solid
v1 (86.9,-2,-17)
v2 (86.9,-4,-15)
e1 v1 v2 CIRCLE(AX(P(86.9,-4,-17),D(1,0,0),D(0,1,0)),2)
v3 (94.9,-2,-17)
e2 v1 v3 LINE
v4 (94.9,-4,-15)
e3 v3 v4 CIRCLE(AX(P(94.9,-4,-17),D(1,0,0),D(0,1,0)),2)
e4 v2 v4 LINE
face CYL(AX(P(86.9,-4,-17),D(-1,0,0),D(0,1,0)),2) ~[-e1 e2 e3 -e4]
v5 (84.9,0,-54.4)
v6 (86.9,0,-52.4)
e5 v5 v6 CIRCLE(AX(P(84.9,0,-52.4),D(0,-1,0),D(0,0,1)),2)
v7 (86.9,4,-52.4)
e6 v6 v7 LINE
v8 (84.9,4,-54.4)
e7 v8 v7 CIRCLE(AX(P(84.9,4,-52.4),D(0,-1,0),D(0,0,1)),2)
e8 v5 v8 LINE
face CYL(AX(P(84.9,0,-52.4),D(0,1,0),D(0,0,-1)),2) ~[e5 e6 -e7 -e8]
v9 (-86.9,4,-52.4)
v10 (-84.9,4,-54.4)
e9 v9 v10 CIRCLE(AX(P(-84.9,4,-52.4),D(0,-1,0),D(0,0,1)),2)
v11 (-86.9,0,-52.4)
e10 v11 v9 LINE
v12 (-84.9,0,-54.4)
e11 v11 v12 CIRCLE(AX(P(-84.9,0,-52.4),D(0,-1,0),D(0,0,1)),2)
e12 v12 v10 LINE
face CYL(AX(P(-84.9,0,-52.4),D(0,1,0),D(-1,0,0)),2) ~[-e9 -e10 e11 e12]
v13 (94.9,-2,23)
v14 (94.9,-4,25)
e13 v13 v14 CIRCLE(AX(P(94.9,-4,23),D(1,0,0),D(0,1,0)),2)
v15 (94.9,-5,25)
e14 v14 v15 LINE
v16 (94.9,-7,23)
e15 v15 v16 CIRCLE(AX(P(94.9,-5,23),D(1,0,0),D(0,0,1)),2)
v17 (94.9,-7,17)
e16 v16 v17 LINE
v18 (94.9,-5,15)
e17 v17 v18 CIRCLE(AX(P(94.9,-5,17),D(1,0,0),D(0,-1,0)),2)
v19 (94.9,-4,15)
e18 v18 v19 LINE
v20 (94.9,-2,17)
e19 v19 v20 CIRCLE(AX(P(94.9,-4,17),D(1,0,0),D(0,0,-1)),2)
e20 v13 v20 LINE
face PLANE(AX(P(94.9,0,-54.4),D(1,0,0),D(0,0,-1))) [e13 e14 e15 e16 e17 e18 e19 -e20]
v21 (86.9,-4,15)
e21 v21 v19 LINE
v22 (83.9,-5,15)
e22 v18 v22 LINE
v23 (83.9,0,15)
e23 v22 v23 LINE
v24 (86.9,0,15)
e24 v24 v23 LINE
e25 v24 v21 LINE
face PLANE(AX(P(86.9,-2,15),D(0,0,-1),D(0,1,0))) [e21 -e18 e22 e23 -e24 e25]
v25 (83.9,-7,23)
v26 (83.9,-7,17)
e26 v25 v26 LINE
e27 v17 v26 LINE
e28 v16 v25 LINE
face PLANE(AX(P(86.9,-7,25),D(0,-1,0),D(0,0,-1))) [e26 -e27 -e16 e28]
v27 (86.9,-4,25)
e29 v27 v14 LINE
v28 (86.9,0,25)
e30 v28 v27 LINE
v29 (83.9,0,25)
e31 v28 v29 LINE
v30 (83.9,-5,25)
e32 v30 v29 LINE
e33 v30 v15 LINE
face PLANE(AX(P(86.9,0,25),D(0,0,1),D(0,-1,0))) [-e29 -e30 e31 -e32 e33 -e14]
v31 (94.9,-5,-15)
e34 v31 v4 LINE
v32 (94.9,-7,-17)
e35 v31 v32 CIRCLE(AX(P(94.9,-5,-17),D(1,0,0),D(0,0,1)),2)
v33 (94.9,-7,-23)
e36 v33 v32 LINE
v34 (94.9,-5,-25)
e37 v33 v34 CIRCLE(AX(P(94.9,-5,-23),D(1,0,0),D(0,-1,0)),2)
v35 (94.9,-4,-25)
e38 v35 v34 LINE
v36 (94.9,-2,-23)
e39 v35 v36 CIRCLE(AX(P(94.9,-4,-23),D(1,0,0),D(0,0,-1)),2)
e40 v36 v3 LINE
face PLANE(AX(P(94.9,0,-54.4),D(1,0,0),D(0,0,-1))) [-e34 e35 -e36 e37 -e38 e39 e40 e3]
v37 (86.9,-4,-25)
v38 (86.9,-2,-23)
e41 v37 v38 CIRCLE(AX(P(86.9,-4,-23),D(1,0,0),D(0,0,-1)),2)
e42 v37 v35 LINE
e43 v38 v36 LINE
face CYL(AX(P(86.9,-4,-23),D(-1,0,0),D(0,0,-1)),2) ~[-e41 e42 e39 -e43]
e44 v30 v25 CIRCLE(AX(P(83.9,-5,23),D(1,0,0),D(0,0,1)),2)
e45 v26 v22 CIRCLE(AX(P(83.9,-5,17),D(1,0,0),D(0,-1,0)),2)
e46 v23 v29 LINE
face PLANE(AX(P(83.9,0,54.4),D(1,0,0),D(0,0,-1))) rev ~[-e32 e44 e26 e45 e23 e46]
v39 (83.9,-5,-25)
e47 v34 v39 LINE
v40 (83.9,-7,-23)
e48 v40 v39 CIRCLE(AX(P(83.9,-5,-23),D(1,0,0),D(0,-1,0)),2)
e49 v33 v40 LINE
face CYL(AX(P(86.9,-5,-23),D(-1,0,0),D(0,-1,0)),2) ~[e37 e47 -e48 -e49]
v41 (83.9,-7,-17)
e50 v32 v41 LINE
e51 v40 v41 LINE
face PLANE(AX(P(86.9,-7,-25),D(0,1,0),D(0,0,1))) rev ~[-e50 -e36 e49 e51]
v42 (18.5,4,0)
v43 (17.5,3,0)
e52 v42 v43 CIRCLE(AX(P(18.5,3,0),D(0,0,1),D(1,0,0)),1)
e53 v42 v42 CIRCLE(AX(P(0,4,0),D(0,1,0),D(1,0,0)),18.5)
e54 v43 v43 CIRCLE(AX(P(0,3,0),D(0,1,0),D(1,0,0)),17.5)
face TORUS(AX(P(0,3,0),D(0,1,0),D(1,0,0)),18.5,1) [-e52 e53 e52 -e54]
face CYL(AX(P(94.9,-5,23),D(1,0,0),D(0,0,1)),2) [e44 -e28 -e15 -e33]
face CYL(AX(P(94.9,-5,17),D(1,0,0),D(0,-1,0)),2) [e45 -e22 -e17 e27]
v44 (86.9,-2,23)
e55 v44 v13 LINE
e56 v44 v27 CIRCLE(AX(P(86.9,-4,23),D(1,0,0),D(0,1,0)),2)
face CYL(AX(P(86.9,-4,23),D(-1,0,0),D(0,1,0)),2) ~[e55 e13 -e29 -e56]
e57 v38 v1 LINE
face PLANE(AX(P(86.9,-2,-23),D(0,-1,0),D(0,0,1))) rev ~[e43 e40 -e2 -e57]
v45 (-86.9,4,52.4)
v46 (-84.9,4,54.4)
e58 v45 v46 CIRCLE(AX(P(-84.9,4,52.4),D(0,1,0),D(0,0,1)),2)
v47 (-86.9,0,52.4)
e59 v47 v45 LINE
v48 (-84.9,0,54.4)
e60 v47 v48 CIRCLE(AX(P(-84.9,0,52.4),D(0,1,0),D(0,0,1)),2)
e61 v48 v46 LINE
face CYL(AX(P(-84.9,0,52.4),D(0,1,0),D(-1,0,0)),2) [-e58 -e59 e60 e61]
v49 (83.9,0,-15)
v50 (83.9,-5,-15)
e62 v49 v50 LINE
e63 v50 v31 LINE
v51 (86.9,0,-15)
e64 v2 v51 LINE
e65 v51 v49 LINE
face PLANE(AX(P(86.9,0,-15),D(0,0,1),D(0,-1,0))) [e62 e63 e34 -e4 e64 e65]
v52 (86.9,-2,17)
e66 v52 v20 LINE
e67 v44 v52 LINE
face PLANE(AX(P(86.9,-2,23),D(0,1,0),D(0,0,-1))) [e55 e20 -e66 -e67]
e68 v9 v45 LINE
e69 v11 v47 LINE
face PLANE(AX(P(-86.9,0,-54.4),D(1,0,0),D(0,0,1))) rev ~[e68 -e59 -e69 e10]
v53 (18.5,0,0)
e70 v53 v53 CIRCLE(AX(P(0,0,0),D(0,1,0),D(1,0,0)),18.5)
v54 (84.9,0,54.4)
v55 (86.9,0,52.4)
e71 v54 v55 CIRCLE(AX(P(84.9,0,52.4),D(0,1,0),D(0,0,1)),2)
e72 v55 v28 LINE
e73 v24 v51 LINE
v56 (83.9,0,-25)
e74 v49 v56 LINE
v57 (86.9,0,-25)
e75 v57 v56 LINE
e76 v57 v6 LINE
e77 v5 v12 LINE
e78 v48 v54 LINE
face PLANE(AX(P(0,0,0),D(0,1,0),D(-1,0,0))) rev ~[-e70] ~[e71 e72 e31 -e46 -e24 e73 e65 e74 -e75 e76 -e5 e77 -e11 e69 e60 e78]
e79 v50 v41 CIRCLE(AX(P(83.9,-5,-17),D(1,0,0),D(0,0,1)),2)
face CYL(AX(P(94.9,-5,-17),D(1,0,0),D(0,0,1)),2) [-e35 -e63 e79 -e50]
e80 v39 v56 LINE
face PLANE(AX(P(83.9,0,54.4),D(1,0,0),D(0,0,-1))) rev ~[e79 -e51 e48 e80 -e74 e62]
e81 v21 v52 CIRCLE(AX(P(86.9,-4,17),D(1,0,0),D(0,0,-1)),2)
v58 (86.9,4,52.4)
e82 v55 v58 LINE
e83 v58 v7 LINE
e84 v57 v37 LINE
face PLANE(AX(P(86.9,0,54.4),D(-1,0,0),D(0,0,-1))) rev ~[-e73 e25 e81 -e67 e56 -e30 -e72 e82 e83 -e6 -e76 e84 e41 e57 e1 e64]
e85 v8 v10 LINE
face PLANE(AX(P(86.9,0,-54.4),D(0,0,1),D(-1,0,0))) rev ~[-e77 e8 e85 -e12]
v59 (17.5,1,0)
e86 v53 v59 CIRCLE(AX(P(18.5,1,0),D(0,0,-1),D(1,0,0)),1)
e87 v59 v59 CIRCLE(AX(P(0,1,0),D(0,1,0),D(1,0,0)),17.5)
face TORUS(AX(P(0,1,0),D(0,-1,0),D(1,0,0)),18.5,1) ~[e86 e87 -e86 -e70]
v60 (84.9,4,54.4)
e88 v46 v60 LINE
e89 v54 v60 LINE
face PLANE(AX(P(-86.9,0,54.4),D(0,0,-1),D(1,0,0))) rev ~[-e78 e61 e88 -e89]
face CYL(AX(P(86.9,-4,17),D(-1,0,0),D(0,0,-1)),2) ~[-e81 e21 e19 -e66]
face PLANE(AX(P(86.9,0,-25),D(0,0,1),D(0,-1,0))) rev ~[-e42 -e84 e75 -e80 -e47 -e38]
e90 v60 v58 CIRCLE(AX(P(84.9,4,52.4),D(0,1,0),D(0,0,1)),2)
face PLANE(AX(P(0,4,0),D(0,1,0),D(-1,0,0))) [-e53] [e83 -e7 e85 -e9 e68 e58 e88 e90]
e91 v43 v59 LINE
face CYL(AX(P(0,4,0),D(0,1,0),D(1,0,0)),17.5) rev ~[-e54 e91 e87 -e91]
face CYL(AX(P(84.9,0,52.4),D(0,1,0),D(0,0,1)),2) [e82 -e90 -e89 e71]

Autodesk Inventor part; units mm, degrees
ref_plane "YZ Plane" through (0, 0, 0) normal (1, 0, 0) x (0, 1, 0)
ref_plane "XZ Plane" through (0, 0, 0) normal (0, 1, 0) x (-1, 0, 0)
ref_plane "XY Plane" through (0, 0, 0) normal (0, 0, 1) x (1, 0, 0)
sketch "Sketch1" plane through (0, 0, 0) normal (0, 1, 0) x (-1, 0, 0)
  line L0 (86.9, 54.4) -> (-86.9, 54.4)
  line L1 (-86.9, 54.4) -> (-86.9, -54.4)
  line L2 (-86.9, -54.4) -> (86.9, -54.4)
  line L3 (86.9, -54.4) -> (86.9, 54.4)
  line L4 (86.9, 54.4) -> (-86.9, -54.4) construction
  line L5 (-86.9, 54.4) -> (86.9, -54.4) construction
  point P0 (0, 0)
  dimension "d0" = 108.8
  dimension "d1" = 173.8
extrude "Extrusion1" add sketch "Sketch1" along normal blind 4
sketch "Sketch2" plane through (86.9, 0, 54.4) normal (1, 0, 0) x (0, 0, -1)
  line L0 (39.4, 6.5316) -> (69.4, 6.5316)
  line L1 (69.4, 6.5316) -> (69.4, -6.5316)
  line L2 (69.4, -6.5316) -> (39.4, -6.5316)
  line L3 (39.4, -6.5316) -> (39.4, 6.5316)
  line L4 (39.4, 6.5316) -> (69.4, -6.5316) construction
  line L5 (69.4, 6.5316) -> (39.4, -6.5316) construction
  line L6 (69.4, 0) -> (79.4, 0)
  line L7 (79.4, 0) -> (79.4, -2)
  line L8 (79.4, -2) -> (69.4, -2)
  line L9 (69.4, -2) -> (69.4, 0)
  line L10 (39.4, 0) -> (29.4, 0)
  line L11 (29.4, 0) -> (29.4, -2)
  line L12 (29.4, -2) -> (39.4, -2)
  line L13 (39.4, -2) -> (39.4, 0)
  line L14 (69.4, -2) -> (79.4, -2)
  line L15 (79.4, -2) -> (79.4, -7)
  line L16 (79.4, -7) -> (69.4, -7)
  line L17 (69.4, -7) -> (69.4, -2)
  line L18 (39.4, -2) -> (29.4, -2)
  line L19 (29.4, -2) -> (29.4, -7)
  line L20 (29.4, -7) -> (39.4, -7)
  line L21 (39.4, -7) -> (39.4, -2)
  point P0 (54.4, 0)
  point P1 (69.4, -6.5316)
  dimension "d4" = 30
  dimension "d5" = 2
  dimension "d6" = 2
  dimension "d7" = 5
  dimension "d8" = 10
  dimension "d9" = 5
  dimension "d10" = 10
  dimension "d11" = 10
  dimension "d12" = 10
extrude "Extrusion2" add sketch "Sketch2" against normal blind 3 contours L3 L12 L11 L10 | L6 L7 L8 L1 | L3 L21 L20 L19 L12 | L8 L15 L16 L17 L1
sketch "Sketch3" plane through (86.9, 0, -54.4) normal (1, 0, 0) x (0, 0, -1)
  line L0 (-79.4, -2) -> (-69.4, -2) projected
  line L1 (-69.4, -7) -> (-69.4, -2) projected
  line L2 (-79.4, -7) -> (-69.4, -7) projected
  line L3 (-79.4, -2) -> (-79.4, -7) projected
  line L4 (-29.4, -2) -> (-39.4, -2) projected
  line L5 (-29.4, -2) -> (-29.4, -7) projected
  line L6 (-29.4, -7) -> (-39.4, -7) projected
  line L7 (-39.4, -7) -> (-39.4, -2) projected
  line L8 (-79.4, -7) -> (-69.4, -7) projected
  line L9 (-77.4, -2) -> (-71.4, -2)
  line L10 (-69.4, -4) -> (-69.4, -5)
  line L11 (-71.4, -7) -> (-77.4, -7)
  line L12 (-79.4, -5) -> (-79.4, -4)
  line L13 (-37.4, -2) -> (-31.4, -2)
  line L14 (-29.4, -4) -> (-29.4, -5)
  line L15 (-31.4, -7) -> (-37.4, -7)
  line L16 (-39.4, -5) -> (-39.4, -4)
  arc A0 (-37.4, -2) -> (-39.4, -4) centre (-37.4, -4) ccw
  arc A1 (-29.4, -4) -> (-31.4, -2) centre (-31.4, -4) ccw
  arc A2 (-31.4, -7) -> (-29.4, -5) centre (-31.4, -5) ccw
  arc A3 (-39.4, -5) -> (-37.4, -7) centre (-37.4, -5) ccw
  arc A4 (-77.4, -2) -> (-79.4, -4) centre (-77.4, -4) ccw
  arc A5 (-69.4, -4) -> (-71.4, -2) centre (-71.4, -4) ccw
  arc A6 (-71.4, -7) -> (-69.4, -5) centre (-71.4, -5) ccw
  arc A7 (-79.4, -5) -> (-77.4, -7) centre (-77.4, -5) ccw
  point P0 (-54.4, 0)
  dimension "d15" = 2
extrude "Extrusion3" add sketch "Sketch3" along normal blind 8 contours L0 A5 L1 A6 L2 A7 L3 A4 | A1 L5 A2 L6 A3 L7 A0 L4
sketch "Sketch4" plane through (94.9, 0, -54.4) normal (1, 0, 0) x (0, 0, -1)
  line L0 (-77.4, -7) -> (-71.4, -7) projected
  arc A0 (-71.4, -7) -> (-69.4, -5) centre (-71.4, -5) ccw projected
  line L1 (-69.4, -5) -> (-69.4, -4) projected
  arc A1 (-69.4, -4) -> (-71.4, -2) centre (-71.4, -4) ccw projected
  line L2 (-71.4, -2) -> (-77.4, -2) projected
  arc A2 (-77.4, -2) -> (-79.4, -4) centre (-77.4, -4) ccw projected
  line L3 (-79.4, -4) -> (-79.4, -5) projected
  arc A3 (-79.4, -5) -> (-77.4, -7) centre (-77.4, -5) ccw projected
  line L4 (-37.4, -7) -> (-31.4, -7) projected
  arc A4 (-31.4, -7) -> (-29.4, -5) centre (-31.4, -5) ccw projected
  line L5 (-29.4, -5) -> (-29.4, -4) projected
  arc A5 (-29.4, -4) -> (-31.4, -2) centre (-31.4, -4) ccw projected
  line L6 (-31.4, -2) -> (-37.4, -2) projected
  arc A6 (-37.4, -2) -> (-39.4, -4) centre (-37.4, -4) ccw projected
  line L7 (-39.4, -4) -> (-39.4, -5) projected
  arc A7 (-39.4, -5) -> (-37.4, -7) centre (-37.4, -5) ccw projected
  line L8 (-79.4, 0) -> (-79.4, -4) projected
  line L9 (-79.4, -2) -> (-69.4, -2)
  line L10 (-69.4, -2) -> (-69.4, -8.3081)
  line L11 (-69.4, -8.3081) -> (-79.4, -8.3081)
  line L12 (-79.4, -8.3081) -> (-79.4, -2)
  line L13 (-39.4, -7) -> (-39.4, 0) projected
  line L14 (-39.4, -2) -> (-29.4, -2)
  line L15 (-29.4, -2) -> (-29.4, -9.9458)
  line L16 (-29.4, -9.9458) -> (-39.4, -9.9458)
  line L17 (-39.4, -9.9458) -> (-39.4, -2)
  point P0 (-54.4, 0)
  point P1 (-29.4, -5)
extrude "Extrusion4" cut sketch "Sketch4" against normal through all contours L0 A0 L10 L11 L12 A3 | L4 A4 L15 L16 L17 L13 A7
fillet "Fillet1" radius 2 4 edges at (86.9, 2, 54.4) (86.9, 2, -54.4) (-86.9, 2, -54.4) (-86.9, 2, 54.4)
sketch "Sketch5" plane through (0, 4, 0) normal (0, 1, 0) x (1, 0, 0)
  circle A0 centre (0, 0) radius 17.5
  dimension "d21" = 35
extrude "Extrusion5" cut sketch "Sketch5" against normal blind 10
fillet "Fillet2" radius 1 2 edges at (-17.5, 0, 0) (-17.5, 4, 0)
properties part number "tapa de caja"
